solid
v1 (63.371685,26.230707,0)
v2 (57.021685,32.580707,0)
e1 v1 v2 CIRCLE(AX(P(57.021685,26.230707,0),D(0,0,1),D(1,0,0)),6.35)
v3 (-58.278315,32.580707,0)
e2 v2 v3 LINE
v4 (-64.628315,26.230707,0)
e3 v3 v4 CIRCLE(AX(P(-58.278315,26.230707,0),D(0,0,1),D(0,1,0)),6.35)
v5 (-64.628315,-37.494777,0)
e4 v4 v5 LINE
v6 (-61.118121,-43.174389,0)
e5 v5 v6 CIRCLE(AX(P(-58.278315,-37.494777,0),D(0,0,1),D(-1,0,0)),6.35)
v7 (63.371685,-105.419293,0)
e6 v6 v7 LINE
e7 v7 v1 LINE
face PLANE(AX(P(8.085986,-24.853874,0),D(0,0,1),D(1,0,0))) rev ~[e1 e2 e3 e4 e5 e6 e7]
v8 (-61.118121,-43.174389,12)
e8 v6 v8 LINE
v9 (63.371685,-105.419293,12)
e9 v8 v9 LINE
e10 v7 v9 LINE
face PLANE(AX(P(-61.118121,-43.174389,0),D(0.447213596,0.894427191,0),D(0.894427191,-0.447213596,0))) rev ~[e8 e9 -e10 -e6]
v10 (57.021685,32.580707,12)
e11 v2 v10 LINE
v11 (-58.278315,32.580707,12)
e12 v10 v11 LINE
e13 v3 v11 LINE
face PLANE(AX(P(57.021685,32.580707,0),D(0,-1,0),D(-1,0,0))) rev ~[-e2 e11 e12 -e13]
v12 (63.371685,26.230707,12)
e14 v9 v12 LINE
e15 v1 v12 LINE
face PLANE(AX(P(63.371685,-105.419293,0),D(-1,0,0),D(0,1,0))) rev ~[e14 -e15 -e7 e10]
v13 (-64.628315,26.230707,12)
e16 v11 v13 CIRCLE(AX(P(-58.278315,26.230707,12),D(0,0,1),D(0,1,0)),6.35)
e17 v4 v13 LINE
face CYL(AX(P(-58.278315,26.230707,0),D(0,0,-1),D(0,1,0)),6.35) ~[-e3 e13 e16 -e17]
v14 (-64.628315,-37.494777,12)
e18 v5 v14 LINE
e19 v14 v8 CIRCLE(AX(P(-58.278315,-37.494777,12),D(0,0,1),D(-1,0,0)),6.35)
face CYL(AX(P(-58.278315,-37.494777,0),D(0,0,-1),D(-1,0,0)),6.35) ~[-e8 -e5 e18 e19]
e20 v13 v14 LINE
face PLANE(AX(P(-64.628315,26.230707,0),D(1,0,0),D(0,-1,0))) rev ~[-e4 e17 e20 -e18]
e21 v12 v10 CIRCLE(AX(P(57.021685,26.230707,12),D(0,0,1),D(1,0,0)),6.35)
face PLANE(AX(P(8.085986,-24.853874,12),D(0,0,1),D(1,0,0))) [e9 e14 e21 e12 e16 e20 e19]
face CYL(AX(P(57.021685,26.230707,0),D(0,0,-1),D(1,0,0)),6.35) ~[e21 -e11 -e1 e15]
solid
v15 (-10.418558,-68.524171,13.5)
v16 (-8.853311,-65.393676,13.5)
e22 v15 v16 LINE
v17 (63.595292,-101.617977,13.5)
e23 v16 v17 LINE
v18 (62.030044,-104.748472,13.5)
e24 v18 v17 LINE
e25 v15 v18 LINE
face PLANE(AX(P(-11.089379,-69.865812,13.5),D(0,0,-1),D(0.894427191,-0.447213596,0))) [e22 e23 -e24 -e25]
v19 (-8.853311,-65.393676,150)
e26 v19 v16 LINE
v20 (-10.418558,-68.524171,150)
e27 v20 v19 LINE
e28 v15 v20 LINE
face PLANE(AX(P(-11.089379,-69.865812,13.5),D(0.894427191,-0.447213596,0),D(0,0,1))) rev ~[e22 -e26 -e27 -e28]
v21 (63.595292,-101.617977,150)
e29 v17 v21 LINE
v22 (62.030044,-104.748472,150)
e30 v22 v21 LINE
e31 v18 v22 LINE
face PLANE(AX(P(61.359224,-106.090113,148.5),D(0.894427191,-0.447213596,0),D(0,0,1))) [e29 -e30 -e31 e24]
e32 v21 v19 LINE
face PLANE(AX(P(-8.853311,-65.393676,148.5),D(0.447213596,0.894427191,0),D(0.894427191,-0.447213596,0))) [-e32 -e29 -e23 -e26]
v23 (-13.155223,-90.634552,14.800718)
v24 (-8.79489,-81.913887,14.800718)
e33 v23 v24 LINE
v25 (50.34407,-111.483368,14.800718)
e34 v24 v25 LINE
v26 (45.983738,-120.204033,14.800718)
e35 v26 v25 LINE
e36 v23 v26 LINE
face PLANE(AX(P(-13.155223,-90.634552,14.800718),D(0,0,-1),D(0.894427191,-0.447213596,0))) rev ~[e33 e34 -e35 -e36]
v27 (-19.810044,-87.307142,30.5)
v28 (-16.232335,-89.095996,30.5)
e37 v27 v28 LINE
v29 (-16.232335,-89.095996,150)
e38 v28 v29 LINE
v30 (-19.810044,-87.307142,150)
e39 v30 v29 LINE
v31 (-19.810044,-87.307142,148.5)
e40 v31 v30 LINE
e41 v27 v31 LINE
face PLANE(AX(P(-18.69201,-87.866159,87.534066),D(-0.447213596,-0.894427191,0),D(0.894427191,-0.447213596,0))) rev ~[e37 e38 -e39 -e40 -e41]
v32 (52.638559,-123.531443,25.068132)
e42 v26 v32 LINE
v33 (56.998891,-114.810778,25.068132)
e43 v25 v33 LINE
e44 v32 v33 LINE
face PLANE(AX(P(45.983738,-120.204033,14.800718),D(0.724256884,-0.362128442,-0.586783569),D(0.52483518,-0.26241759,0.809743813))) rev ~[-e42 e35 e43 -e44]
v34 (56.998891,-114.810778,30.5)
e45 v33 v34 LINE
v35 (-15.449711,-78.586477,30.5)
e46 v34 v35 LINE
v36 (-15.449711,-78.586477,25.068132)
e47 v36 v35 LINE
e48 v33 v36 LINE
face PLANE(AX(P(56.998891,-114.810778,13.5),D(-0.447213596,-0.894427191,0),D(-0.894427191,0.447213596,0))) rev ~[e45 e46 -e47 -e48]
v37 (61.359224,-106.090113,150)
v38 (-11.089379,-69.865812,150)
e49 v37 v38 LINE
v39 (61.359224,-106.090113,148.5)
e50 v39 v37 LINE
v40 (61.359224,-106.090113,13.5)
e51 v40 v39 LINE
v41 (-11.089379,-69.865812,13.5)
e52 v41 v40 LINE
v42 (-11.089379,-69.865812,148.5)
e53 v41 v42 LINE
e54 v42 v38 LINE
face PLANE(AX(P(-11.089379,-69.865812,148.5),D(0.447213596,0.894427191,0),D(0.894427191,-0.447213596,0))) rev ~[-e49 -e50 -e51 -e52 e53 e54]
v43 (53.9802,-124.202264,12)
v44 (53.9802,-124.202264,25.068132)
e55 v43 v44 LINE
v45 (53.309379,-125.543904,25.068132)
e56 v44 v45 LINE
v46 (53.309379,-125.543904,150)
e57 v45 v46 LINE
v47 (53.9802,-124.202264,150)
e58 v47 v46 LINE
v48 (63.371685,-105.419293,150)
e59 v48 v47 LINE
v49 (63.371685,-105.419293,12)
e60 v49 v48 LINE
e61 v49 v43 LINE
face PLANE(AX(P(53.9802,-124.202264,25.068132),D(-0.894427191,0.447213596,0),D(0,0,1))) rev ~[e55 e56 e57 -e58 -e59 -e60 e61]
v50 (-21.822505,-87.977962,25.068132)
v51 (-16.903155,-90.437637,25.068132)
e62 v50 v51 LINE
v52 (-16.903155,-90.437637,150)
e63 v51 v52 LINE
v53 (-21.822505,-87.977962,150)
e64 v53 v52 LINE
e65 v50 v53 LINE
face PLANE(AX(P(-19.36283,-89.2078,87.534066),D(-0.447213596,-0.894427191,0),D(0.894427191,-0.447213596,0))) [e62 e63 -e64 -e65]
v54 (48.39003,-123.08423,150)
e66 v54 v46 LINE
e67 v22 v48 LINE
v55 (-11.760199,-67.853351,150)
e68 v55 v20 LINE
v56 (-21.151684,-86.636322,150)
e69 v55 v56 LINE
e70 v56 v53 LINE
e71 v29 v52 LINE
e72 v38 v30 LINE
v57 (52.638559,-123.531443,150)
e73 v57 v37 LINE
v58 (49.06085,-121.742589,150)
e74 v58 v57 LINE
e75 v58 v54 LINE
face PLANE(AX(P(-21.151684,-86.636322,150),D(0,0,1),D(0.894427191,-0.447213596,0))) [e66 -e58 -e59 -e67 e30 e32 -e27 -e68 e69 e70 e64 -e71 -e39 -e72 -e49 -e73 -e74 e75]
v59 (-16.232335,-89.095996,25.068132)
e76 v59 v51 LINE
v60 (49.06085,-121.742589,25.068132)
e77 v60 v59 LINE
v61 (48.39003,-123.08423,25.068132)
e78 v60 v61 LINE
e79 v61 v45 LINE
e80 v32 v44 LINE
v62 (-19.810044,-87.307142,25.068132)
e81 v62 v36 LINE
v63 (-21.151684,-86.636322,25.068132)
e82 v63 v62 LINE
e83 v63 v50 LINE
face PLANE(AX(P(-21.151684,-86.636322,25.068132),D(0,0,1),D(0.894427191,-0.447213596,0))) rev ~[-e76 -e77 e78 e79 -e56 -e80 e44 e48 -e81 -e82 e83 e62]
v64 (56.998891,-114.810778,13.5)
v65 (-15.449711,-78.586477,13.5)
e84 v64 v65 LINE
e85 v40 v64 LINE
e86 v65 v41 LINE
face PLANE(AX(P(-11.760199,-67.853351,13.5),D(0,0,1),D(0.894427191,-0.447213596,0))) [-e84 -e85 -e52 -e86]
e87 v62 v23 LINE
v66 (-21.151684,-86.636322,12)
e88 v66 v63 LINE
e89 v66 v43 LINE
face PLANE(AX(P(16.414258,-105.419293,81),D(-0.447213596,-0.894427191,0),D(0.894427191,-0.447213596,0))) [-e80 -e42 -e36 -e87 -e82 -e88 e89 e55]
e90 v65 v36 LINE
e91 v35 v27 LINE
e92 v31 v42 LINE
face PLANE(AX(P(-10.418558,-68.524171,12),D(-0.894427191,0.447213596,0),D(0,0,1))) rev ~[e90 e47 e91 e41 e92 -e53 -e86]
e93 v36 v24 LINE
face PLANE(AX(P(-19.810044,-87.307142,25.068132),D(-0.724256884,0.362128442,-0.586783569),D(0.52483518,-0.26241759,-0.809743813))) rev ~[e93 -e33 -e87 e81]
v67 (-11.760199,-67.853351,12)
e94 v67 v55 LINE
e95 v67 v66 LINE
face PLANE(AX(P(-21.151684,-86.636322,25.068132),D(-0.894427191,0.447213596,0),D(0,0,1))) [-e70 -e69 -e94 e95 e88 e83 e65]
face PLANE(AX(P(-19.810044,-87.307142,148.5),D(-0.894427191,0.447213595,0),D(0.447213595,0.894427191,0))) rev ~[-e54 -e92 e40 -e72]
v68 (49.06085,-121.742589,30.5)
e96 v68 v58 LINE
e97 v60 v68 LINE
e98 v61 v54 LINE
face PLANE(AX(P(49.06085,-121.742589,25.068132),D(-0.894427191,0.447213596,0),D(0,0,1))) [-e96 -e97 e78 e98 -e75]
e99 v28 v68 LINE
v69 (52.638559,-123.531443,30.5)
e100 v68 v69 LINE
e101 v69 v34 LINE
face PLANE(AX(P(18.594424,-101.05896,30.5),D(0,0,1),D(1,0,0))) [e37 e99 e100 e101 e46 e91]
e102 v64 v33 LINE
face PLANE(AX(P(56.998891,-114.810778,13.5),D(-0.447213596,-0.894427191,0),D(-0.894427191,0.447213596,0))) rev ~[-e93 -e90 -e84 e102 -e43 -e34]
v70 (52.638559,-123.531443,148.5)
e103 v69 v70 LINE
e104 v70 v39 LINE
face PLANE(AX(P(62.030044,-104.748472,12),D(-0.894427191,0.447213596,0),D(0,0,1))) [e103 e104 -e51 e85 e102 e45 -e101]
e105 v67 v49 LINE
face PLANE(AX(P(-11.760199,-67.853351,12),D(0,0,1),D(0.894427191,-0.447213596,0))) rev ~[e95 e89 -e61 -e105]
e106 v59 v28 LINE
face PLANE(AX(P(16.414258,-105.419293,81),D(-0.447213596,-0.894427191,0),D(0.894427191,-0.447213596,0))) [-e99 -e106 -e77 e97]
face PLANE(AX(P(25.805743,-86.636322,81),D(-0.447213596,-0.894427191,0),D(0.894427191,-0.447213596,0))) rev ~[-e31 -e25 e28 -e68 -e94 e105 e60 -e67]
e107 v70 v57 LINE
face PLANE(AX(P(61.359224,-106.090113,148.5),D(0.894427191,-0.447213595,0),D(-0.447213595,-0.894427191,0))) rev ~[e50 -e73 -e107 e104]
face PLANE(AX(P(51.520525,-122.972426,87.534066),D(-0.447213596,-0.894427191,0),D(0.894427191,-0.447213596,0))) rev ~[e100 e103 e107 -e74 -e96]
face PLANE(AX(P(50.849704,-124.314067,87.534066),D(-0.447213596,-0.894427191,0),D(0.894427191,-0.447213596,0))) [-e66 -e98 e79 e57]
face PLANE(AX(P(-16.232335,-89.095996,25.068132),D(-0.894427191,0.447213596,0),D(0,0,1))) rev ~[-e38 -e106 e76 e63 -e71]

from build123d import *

# Parameters (mm, degrees)
F1_DEPTH  = 12
F2_W      = 84
F2_H      = 138
F3_DEPTH  = 21
F4_T      = -1.5
F6_DEPTH  = 5
F8_DEPTH  = 17
F10_DEPTH = 15
F11_DEPTH = 5
F12_W     = 5.5
F12_H     = 124.9318679885
F13_DEPTH = 1.5
F14_W     = 5.5
F14_H     = 124.9318679885
F15_DEPTH = 1.5


with BuildPart() as f1:
    # F0 (on Top) → F1 (new body)
    with BuildSketch(Plane.XY):
        with BuildLine():
            Line((57.0216850877, 32.5807073594), (-58.2783149123, 32.5807073594))
            ThreePointArc((-58.2783149123, 32.5807073594), (-62.7684429729, 30.7208354199), (-64.6283149123, 26.2307073594))
            Line((-64.6283149123, 26.2307073594), (-64.6283149123, -37.4947768121))
            ThreePointArc((-64.6283149123, -37.4947768121), (-63.6799475454, -40.833169374), (-61.1181212437, -43.1743894749))
            Line((-61.1181212437, -43.1743894749), (63.3716850877, -105.4192926406))
            Line((63.3716850877, -105.4192926406), (63.3716850877, 26.2307073594))
            ThreePointArc((63.3716850877, 26.2307073594), (61.5118131482, 30.7208354199), (57.0216850877, 32.5807073594))
        make_face()
    extrude(amount=F1_DEPTH)


with BuildPart() as f3:
    # F2 (on face) → F3 (new body)
    with BuildSketch(Plane(origin=(-29.4933800387, -58.9867600774, 0), x_dir=(0.894427191, -0.4472135955, 0), z_dir=(-0.4472135955, -0.894427191, 0))):
        with Locations((61.8262991788, 81)):
            Rectangle(F2_W, F2_H)
    extrude(amount=F3_DEPTH)

    # F4
    f4_openings = [f3.faces().sort_by_distance(p)[0] for p in [
        (16.414258, -105.419293, 81),
    ]]
    offset(amount=F4_T, openings=f4_openings)

    # F5 (on face) → F6 (cut)
    with BuildSketch(Plane(origin=(0, 0, 148.5), x_dir=(1, 0, 0), z_dir=(0, 0, -1))):
        Polygon((-19.8100436753, 87.3071420229), (-11.0893785631, 69.8658117984), (61.3592239079, 106.0901130339), (52.6385587957, 123.5314432584), align=None)
    extrude(amount=-F6_DEPTH, mode=Mode.SUBTRACT)

    # F7 (on face) → F8 (join)
    with BuildSketch(Plane.XY.offset(13.5)):
        Polygon((52.6385587957, -123.5314432584), (56.9988913518, -114.8107781461), (-15.4497111192, -78.5864769106), (-19.8100436753, -87.3071420229), align=None)
    extrude(amount=F8_DEPTH)

    # F9 (on face) → F10 (cut)
    with BuildSketch(Plane(origin=(-38.8848655442, -77.7697310884, 0), x_dir=(0.894427191, -0.4472135955, 0), z_dir=(-0.4472135955, -0.894427191, 0))):
        Polygon((102.3262991788, 25.0681320115), (21.3262991788, 25.0681320115), (28.7666151289, 14.8007180542), (94.8859832287, 14.8007180542), align=None)
    extrude(amount=-F10_DEPTH, mode=Mode.SUBTRACT)

    # F11 (add): a face of the model
    f11_faces = [f3.faces().sort_by_distance(p)[0] for p in [
        (25.1349226724, -87.9779624161, 81.75),
    ]]
    extrude(f11_faces, amount=-F11_DEPTH)

    # F12 (on face) → F13 (join)
    with BuildSketch(Plane(origin=(-38.8848655442, -77.7697310884, 0), x_dir=(0.894427191, -0.4472135955, 0), z_dir=(-0.4472135955, -0.894427191, 0))):
        with Locations((101.0762991788, 87.5340660057)):
            Rectangle(F12_W, F12_H)
    extrude(amount=F13_DEPTH)

    # F14 (on face) → F15 (join)
    with BuildSketch(Plane(origin=(-38.8848655442, -77.7697310884, 0), x_dir=(0.894427191, -0.4472135955, 0), z_dir=(-0.4472135955, -0.894427191, 0))):
        with Locations((22.5762991788, 87.5340660057)):
            Rectangle(F14_W, F14_H)
    extrude(amount=F15_DEPTH)


solid = Compound([f1.part, f3.part])
